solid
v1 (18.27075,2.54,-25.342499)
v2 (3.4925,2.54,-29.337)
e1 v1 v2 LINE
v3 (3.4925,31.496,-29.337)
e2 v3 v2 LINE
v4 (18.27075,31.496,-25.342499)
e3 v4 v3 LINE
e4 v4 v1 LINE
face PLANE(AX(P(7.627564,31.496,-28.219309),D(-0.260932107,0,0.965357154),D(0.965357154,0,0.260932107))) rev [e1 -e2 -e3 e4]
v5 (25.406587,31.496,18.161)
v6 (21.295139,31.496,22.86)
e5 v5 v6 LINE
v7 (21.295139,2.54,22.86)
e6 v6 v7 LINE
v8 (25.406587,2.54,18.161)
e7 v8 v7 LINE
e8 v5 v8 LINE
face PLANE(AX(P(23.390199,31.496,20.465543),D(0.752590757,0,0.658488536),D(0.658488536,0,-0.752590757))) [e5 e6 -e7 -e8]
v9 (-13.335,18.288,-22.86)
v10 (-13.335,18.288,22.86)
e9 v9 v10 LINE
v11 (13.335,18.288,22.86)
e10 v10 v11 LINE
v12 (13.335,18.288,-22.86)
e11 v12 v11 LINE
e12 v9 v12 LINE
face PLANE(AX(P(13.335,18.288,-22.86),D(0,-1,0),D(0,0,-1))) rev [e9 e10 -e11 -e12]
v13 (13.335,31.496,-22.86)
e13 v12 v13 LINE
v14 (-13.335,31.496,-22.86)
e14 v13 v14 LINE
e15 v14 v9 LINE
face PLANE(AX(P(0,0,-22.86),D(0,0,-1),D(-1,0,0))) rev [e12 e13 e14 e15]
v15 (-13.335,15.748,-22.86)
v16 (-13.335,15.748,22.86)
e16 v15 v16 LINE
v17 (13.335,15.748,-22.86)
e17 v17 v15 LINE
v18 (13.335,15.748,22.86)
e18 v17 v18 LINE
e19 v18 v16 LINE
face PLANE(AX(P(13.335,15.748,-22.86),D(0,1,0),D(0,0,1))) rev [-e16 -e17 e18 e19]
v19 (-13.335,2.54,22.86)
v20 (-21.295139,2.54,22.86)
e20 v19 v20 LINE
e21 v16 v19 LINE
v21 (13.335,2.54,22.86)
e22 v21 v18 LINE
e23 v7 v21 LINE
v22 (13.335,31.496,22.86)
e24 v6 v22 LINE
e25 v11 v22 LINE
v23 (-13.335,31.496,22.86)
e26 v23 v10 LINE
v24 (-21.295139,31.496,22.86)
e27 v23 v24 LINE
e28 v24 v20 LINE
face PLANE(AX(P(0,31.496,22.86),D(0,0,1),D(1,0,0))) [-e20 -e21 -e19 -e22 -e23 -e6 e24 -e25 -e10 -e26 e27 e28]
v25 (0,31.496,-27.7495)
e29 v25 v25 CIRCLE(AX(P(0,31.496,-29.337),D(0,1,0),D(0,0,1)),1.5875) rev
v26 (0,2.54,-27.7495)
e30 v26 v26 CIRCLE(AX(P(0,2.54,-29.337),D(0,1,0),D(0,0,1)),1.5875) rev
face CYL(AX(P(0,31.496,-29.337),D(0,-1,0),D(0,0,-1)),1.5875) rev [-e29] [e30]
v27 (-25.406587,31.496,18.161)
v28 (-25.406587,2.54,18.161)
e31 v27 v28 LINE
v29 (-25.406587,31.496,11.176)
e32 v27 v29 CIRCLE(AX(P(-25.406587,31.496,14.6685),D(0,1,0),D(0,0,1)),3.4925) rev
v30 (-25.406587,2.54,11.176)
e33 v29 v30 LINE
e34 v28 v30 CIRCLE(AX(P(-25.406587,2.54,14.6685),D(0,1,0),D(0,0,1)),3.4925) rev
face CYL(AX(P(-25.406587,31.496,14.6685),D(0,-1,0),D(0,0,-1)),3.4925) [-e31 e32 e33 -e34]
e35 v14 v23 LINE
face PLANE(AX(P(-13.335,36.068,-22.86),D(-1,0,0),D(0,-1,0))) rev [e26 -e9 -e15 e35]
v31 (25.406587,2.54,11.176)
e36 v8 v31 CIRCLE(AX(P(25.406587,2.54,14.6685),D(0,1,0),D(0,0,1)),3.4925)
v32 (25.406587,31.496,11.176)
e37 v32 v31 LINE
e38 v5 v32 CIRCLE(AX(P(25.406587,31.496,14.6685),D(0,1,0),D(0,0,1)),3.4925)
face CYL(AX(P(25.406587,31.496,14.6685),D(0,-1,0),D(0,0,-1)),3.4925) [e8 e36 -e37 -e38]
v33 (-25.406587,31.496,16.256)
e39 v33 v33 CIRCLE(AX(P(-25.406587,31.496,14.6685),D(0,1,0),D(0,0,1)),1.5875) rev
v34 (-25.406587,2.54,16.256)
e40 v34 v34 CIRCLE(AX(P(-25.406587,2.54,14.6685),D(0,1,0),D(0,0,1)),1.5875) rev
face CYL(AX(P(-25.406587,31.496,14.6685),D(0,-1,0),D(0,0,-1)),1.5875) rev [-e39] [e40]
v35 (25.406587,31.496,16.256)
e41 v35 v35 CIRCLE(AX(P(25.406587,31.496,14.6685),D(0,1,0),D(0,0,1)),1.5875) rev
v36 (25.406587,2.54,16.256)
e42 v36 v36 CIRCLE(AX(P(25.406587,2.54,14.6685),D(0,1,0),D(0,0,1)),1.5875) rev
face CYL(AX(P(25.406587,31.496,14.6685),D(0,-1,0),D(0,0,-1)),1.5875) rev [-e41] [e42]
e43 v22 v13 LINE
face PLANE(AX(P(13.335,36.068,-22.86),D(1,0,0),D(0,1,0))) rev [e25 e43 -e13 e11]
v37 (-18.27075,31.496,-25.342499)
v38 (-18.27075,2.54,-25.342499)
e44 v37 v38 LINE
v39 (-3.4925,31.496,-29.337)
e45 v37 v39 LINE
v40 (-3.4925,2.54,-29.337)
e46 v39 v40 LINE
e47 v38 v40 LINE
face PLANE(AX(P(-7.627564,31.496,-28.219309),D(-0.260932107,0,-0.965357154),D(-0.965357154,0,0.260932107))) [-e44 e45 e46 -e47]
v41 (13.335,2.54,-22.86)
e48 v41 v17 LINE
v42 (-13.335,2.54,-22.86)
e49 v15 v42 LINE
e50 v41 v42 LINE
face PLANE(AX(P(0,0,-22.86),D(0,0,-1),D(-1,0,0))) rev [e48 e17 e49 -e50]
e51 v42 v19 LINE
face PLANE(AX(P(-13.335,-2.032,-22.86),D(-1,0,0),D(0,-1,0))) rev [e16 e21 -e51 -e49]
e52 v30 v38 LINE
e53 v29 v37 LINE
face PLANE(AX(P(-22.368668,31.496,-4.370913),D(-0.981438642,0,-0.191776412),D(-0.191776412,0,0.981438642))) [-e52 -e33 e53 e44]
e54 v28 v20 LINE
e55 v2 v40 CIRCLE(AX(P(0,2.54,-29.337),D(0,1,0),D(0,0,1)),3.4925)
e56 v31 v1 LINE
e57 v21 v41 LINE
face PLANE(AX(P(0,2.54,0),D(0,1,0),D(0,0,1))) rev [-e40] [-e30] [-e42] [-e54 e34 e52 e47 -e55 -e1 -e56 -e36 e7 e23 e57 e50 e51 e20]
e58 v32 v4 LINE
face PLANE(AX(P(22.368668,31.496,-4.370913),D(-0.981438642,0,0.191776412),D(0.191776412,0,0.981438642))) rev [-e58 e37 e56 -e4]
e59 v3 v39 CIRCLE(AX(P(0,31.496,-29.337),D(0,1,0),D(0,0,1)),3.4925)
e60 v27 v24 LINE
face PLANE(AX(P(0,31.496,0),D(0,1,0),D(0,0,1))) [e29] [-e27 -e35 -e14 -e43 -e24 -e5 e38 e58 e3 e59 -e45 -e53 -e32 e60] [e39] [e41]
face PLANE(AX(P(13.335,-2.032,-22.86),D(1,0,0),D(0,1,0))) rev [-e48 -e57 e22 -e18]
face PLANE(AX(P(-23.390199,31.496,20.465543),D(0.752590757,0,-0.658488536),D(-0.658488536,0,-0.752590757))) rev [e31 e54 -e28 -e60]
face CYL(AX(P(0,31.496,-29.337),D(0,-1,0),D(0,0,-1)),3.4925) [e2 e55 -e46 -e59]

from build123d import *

# Parameters (mm, degrees)
SKETCH1_R           = 38.1
SKETCH1_R_2         = 1.5875
BOSS_EXTRUDE1_DEPTH = 2.54
SKETCH2_R           = 1.5875
BOSS_EXTRUDE2_DEPTH = 28.956
SKETCH3_W           = 26.67
SKETCH3_H           = 17.78
CUT_EXTRUDE1_DEPTH  = 45.72


with BuildPart() as part:
    # Sketch1 → Boss-Extrude1 (new body)
    with BuildSketch(Plane(origin=(0, 0, 0), x_dir=(1, 0, 0), z_dir=(0, 1, 0))):
        with Locations(Location((0, 0, 0), (0, 0, 270))):
            Circle(SKETCH1_R)
        with Locations(Location((0, 29.337, 0), (0, 0, 270))):
            Circle(SKETCH1_R_2, mode=Mode.SUBTRACT)
        with Locations(Location((25.406587271, -14.6685, 0), (0, 0, 270))):
            Circle(SKETCH1_R_2, mode=Mode.SUBTRACT)
        with Locations(Location((-25.406587271, -14.6685, 0), (0, 0, 270))):
            Circle(SKETCH1_R_2, mode=Mode.SUBTRACT)
    extrude(amount=BOSS_EXTRUDE1_DEPTH)


with BuildPart() as body_2:
    # Sketch2 → Boss-Extrude2 (new body)
    with BuildSketch(Plane(origin=(0, 2.54, 0), x_dir=(1, 0, 0), z_dir=(0, 1, 0))):
        with BuildLine():
            Line((25.406587271, -11.176), (18.270749664, 25.342499299))
            Line((18.270749664, 25.342499299), (3.4925, 29.337))
            ThreePointArc((3.4925, 29.337), (0, 32.8295), (-3.4925, 29.337))
            Line((-3.4925, 29.337), (-18.270749664, 25.342499299))
            Line((-18.270749664, 25.342499299), (-25.406587271, -11.176))
            ThreePointArc((-25.406587271, -11.176), (-28.899087271, -14.6685), (-25.406587271, -18.161))
            Line((-25.406587271, -18.161), (-21.295139445, -22.86))
            Line((-21.295139445, -22.86), (21.295139445, -22.86))
            Line((21.295139445, -22.86), (25.406587271, -18.161))
            ThreePointArc((25.406587271, -18.161), (28.899087271, -14.6685), (25.406587271, -11.176))
        make_face()
        with Locations(Location((25.406587271, -14.6685, 0), (0, 0, 270))):
            Circle(SKETCH2_R, mode=Mode.SUBTRACT)
        with Locations(Location((0, 29.337, 0), (0, 0, 270))):
            Circle(SKETCH2_R, mode=Mode.SUBTRACT)
        with Locations(Location((-25.406587271, -14.6685, 0), (0, 0, 270))):
            Circle(SKETCH2_R, mode=Mode.SUBTRACT)
    extrude(amount=BOSS_EXTRUDE2_DEPTH)

    # Sketch3 → Cut-Extrude1 (cut)
    with BuildSketch(Plane.XY.offset(22.86)):
        with Locations((0, 27.178)):
            Rectangle(SKETCH3_W, SKETCH3_H)
        with Locations((0, 6.858)):
            Rectangle(SKETCH3_W, SKETCH3_H)
    extrude(amount=-CUT_EXTRUDE1_DEPTH, mode=Mode.SUBTRACT)


solid = body_2.part
